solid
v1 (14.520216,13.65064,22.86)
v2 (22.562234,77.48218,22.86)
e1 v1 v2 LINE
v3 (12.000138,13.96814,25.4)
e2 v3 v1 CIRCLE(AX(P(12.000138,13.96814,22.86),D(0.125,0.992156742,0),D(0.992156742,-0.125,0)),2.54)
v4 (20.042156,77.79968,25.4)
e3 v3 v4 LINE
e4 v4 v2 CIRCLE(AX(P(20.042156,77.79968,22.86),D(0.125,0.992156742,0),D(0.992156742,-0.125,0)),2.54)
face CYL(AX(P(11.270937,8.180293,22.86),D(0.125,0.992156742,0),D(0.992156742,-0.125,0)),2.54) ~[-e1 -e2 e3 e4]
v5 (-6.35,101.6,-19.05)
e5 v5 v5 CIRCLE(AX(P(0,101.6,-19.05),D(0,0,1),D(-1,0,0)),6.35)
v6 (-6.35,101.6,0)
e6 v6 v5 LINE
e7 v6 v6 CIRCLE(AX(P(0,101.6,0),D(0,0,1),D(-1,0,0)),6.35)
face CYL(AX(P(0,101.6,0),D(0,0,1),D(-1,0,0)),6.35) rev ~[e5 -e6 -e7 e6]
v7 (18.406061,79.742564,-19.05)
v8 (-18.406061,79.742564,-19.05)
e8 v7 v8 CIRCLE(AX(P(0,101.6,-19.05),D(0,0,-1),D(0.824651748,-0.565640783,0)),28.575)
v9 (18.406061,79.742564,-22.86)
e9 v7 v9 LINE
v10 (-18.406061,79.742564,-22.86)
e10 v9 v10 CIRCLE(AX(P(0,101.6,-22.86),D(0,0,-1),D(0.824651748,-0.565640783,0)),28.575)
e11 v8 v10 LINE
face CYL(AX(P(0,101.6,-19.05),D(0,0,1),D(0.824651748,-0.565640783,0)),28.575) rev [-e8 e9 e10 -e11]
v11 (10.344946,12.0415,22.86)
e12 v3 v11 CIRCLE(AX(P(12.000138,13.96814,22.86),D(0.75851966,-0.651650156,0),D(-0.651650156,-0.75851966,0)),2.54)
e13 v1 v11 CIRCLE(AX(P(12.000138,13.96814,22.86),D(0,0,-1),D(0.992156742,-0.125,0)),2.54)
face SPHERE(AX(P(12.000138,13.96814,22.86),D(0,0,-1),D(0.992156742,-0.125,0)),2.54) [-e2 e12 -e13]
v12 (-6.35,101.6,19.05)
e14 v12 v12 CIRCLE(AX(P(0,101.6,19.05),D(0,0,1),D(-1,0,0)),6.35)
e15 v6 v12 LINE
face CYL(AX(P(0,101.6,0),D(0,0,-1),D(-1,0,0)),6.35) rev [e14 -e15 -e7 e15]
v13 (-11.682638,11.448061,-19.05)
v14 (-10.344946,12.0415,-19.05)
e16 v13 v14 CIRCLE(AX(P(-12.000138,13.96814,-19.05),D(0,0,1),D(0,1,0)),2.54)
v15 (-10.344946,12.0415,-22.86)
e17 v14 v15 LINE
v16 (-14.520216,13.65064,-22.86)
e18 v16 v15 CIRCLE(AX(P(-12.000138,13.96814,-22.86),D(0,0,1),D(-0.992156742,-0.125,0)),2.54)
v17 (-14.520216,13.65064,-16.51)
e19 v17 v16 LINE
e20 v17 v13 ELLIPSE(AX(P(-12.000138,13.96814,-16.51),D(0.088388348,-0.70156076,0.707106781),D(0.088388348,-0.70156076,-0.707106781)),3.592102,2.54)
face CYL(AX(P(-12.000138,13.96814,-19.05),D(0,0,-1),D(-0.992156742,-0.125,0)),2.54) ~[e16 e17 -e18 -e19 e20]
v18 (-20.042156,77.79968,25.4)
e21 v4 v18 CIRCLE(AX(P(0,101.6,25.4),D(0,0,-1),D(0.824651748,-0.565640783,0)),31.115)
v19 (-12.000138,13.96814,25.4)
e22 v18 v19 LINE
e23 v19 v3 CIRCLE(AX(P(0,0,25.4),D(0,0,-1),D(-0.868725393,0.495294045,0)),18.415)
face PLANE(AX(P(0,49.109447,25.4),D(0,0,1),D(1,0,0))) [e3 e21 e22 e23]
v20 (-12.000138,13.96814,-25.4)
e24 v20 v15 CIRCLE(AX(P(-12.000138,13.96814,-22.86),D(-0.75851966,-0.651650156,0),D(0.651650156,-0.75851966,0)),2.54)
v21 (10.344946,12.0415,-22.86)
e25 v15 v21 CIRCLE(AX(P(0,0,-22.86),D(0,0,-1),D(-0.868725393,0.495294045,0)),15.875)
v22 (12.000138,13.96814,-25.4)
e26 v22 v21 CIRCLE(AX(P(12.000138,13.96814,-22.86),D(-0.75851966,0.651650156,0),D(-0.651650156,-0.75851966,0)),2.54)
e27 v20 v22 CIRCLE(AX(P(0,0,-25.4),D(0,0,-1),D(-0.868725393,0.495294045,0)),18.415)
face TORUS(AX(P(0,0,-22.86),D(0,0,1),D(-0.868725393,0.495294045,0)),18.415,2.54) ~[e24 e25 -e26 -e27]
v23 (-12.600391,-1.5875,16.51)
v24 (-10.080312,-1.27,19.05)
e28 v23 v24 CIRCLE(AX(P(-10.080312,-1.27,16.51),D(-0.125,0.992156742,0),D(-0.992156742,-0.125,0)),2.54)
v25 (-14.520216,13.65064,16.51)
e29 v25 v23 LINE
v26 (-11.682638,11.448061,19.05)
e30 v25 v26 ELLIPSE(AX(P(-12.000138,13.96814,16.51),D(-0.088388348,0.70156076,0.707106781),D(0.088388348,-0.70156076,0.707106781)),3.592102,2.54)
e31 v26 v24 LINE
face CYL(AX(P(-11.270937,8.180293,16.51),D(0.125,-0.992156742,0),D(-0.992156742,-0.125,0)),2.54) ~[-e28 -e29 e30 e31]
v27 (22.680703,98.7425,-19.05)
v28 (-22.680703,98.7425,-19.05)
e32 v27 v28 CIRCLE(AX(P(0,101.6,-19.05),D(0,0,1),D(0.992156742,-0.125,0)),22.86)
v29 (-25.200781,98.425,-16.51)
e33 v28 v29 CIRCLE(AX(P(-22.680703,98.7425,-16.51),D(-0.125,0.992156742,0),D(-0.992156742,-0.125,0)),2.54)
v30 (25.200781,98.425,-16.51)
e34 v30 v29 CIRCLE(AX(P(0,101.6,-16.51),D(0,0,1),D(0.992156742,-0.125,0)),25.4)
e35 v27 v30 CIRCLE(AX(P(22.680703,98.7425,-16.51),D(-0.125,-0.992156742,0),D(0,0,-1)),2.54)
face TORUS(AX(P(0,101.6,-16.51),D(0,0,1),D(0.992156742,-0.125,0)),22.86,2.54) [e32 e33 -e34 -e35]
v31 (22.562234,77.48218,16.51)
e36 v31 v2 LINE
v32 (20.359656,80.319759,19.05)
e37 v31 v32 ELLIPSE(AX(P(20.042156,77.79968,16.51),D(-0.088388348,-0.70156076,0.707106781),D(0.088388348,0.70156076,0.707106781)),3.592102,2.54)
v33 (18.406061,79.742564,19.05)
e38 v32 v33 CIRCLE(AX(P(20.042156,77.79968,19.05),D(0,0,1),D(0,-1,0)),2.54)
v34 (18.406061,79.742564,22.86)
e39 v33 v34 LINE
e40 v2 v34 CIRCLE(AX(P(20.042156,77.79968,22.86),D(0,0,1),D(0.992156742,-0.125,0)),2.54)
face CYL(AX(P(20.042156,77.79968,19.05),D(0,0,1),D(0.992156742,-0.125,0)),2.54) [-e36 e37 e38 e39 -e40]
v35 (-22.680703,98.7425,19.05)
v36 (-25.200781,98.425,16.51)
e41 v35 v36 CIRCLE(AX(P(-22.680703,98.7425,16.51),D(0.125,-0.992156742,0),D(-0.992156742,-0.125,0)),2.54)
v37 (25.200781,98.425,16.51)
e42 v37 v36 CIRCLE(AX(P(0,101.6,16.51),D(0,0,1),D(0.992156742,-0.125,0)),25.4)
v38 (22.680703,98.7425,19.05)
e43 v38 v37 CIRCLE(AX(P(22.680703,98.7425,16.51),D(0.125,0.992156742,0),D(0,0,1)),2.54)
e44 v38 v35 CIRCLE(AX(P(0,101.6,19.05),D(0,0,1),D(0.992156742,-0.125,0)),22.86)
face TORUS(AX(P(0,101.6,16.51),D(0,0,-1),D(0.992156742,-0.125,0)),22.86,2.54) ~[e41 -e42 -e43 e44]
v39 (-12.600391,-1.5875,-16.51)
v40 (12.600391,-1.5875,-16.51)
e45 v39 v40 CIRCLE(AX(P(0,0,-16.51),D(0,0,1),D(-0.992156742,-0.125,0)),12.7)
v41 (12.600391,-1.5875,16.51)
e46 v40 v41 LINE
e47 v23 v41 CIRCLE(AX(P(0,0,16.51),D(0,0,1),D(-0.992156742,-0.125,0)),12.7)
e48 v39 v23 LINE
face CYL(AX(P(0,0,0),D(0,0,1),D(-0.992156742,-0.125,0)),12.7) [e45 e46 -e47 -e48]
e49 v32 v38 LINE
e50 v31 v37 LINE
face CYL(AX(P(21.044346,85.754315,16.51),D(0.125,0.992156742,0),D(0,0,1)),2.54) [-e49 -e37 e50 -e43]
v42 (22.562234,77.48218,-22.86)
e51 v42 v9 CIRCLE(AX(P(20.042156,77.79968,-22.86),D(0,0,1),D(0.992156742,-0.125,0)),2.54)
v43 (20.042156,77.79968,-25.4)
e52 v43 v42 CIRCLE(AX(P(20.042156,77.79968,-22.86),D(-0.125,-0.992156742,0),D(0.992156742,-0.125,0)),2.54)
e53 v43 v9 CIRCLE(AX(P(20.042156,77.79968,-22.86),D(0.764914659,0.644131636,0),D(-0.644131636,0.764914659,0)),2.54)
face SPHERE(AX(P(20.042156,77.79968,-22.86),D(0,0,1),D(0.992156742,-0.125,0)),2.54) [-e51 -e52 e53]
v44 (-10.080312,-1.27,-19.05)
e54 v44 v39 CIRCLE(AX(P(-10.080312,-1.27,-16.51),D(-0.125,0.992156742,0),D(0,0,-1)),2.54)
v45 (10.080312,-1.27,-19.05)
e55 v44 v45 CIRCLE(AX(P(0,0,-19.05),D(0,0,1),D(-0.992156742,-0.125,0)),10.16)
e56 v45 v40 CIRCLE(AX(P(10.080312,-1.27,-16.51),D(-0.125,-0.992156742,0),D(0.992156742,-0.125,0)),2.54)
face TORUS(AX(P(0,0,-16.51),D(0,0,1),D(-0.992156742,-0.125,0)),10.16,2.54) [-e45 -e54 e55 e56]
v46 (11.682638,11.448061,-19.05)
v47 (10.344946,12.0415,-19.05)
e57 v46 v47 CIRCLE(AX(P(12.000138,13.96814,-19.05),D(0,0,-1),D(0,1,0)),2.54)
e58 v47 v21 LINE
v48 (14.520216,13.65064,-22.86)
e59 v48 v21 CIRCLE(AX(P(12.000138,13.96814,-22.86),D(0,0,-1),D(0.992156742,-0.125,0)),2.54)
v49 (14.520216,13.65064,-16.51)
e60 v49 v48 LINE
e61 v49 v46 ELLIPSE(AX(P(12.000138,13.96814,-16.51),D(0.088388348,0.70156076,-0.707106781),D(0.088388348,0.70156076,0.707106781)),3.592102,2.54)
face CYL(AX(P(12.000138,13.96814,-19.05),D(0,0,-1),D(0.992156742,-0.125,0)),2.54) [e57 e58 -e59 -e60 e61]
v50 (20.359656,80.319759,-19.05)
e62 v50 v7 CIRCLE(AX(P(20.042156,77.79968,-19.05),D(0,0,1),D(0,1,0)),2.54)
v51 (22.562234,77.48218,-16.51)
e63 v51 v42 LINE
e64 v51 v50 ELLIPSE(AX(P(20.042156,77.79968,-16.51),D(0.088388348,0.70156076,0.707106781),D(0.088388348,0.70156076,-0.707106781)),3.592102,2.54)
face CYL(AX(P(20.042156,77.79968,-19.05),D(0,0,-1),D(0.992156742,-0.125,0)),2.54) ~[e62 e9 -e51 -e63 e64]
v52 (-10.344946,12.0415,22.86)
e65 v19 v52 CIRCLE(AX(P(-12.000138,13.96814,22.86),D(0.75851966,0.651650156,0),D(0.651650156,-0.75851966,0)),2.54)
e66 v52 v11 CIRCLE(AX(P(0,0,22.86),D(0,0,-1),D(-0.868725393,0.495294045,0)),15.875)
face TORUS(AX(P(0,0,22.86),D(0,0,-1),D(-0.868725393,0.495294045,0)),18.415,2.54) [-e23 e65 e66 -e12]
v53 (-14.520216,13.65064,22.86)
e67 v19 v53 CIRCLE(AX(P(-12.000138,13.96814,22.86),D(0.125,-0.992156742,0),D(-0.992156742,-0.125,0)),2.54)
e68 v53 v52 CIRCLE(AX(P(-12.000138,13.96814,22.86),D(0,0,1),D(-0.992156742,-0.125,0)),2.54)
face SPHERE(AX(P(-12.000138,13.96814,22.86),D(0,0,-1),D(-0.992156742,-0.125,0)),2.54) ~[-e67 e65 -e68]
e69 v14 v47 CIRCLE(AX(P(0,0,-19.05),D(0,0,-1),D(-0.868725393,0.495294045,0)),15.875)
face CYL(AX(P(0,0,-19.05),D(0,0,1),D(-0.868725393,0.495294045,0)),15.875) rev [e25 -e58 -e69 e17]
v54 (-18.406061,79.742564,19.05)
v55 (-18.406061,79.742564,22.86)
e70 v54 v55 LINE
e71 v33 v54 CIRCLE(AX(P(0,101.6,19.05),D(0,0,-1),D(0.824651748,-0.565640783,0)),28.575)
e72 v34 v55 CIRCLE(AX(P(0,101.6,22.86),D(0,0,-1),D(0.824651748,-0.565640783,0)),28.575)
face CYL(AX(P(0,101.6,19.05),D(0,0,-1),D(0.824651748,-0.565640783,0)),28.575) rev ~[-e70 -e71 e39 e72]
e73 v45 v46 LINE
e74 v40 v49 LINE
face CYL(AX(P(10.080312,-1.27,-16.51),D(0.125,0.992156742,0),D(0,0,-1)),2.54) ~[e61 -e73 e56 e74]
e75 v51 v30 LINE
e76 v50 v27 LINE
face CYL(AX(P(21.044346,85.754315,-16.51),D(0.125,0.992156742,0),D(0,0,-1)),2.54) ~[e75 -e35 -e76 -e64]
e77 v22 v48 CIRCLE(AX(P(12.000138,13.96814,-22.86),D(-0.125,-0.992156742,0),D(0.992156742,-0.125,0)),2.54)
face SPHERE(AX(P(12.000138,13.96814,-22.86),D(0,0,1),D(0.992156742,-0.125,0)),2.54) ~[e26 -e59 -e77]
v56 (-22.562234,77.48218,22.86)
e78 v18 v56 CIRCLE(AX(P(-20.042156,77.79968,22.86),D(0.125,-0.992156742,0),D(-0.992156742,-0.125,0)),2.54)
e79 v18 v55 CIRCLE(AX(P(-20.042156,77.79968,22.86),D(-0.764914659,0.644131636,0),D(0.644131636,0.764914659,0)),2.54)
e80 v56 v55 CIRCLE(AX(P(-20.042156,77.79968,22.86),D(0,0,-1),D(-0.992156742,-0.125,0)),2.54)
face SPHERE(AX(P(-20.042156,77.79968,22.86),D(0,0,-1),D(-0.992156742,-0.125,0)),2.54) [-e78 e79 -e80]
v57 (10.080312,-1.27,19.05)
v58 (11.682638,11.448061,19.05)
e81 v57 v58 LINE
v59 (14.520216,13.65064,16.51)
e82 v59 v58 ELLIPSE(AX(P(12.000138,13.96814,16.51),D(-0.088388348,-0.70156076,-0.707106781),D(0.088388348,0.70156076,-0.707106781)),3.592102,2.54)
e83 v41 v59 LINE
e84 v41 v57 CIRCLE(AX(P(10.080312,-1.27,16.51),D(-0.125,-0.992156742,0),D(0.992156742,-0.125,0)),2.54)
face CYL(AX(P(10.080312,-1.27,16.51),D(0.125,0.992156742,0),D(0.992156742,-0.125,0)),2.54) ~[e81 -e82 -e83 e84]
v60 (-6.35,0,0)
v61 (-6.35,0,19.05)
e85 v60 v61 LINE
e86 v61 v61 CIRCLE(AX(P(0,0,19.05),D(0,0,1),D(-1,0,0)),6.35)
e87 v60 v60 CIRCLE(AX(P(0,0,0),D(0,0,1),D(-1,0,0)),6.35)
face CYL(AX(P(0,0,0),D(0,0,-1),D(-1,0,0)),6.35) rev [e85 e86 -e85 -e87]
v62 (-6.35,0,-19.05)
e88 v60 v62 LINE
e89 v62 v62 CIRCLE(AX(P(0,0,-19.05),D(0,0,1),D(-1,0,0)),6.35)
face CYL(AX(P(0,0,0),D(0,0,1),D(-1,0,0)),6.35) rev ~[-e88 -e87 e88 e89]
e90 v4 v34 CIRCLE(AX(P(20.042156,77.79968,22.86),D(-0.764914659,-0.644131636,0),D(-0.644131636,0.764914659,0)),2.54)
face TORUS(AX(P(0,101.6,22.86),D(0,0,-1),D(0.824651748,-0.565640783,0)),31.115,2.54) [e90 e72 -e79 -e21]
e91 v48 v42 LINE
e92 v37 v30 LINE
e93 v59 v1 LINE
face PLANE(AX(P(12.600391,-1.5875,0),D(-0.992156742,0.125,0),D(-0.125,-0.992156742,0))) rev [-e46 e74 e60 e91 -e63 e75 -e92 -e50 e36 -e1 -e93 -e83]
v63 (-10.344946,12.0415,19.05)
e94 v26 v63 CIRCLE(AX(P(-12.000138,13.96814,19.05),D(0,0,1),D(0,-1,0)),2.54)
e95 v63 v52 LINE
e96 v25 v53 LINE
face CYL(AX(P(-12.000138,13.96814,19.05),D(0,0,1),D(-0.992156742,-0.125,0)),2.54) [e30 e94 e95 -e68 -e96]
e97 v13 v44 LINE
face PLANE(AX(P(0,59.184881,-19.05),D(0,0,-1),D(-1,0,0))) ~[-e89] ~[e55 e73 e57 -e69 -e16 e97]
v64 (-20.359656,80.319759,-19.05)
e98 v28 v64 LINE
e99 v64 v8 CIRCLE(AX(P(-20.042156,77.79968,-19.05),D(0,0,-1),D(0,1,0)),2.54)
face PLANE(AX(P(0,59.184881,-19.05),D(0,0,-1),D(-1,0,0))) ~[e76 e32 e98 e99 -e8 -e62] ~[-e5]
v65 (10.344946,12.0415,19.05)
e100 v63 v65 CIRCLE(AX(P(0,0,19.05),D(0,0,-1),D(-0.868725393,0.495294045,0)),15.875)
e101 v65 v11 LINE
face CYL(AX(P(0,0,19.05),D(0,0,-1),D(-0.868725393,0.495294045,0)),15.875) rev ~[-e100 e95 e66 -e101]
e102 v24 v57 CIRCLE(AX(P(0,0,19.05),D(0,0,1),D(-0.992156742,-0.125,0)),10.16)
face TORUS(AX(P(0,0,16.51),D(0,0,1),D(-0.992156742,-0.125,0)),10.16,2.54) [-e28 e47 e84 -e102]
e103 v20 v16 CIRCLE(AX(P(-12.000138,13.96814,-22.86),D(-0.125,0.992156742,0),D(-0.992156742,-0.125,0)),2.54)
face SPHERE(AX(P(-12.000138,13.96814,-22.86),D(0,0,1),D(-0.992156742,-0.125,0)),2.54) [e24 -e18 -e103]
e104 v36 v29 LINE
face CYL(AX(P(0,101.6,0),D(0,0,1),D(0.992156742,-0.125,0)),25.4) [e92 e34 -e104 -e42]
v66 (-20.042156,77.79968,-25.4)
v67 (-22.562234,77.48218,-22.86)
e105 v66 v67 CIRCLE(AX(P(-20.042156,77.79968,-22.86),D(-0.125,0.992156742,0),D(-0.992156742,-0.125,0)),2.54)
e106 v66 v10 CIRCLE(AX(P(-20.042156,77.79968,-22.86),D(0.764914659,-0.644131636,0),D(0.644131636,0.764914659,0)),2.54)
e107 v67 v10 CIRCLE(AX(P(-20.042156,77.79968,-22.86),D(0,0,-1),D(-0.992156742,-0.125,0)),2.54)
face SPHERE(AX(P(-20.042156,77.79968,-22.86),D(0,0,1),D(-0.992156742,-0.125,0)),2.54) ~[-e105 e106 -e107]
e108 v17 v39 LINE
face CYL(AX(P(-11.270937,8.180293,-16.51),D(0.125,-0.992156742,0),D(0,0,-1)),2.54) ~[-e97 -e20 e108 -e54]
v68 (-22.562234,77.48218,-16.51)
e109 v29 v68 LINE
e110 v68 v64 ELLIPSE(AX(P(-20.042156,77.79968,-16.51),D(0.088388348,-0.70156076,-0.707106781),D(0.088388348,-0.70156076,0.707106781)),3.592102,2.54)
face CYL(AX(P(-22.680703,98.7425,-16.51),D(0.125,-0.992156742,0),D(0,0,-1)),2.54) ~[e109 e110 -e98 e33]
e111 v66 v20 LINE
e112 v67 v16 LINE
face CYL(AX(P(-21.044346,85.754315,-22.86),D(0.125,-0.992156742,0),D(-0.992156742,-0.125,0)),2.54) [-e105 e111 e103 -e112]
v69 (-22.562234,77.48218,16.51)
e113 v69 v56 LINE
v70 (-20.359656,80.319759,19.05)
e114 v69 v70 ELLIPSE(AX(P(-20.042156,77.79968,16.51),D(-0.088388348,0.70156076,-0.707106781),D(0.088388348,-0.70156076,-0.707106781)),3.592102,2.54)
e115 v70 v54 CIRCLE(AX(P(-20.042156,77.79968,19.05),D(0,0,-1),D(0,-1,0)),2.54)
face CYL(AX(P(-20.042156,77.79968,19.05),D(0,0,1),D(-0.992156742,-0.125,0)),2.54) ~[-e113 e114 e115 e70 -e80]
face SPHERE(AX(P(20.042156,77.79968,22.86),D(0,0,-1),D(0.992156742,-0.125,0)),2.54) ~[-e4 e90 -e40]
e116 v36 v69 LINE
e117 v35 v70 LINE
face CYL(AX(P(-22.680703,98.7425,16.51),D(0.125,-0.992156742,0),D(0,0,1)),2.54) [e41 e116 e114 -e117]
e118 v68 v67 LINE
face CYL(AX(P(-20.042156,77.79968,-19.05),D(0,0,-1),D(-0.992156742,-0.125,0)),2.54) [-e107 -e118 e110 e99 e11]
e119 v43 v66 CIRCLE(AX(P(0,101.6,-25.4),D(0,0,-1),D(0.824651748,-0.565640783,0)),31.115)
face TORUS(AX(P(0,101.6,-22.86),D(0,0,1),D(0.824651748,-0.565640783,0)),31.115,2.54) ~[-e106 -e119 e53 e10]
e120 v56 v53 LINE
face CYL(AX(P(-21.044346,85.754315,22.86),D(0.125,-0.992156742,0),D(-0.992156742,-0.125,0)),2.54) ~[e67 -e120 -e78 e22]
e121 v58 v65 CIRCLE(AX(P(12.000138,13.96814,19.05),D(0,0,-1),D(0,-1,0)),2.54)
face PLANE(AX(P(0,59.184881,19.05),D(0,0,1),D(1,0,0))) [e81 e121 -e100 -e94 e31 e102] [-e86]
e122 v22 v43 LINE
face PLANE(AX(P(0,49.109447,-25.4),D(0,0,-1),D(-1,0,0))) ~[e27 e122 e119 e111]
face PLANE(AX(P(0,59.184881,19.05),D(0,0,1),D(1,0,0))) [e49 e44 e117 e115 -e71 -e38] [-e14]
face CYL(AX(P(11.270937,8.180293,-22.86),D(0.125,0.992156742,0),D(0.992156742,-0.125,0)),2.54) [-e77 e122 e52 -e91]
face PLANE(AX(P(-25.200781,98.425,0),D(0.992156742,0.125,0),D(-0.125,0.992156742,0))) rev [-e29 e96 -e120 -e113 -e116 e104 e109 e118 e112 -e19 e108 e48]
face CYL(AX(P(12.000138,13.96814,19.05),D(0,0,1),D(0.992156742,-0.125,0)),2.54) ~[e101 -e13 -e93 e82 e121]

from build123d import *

# Parameters (mm, degrees)
SKETCH1_R            = 6.35
SKETCH1_R_2          = 6.349999999999998
BOSS_EXTRUDE1_DEPTH  = 19.05
BOSS_EXTRUDE2_DEPTH  = 6.35
FILLET1_R            = 2.54
FILLET1_OF_MIRROR4_R = 2.54


with BuildPart() as part:
    # Sketch1 → Boss-Extrude1 (new body)
    with BuildSketch(Plane.XY):
        with BuildLine():
            Line((-25.20078123789022, 98.425), (-12.600390618945115, -1.5875000000000004))
            ThreePointArc((-12.600390618945115, -1.5875000000000004), (7.8e-16, -12.700000000000003), (12.600390618945115, -1.5875000000000004))
            Line((12.600390618945115, -1.5875000000000004), (25.20078123789022, 98.425))
            ThreePointArc((25.20078123789022, 98.425), (-4.67e-15, 126.99999999999999), (-25.20078123789022, 98.425))
        make_face()
        with Locations(Location((0, 0, 0), (0, 0, 180))):
            Circle(SKETCH1_R, mode=Mode.SUBTRACT)
        with Locations(Location((0, 101.6, 0), (0, 0, 180))):
            Circle(SKETCH1_R_2, mode=Mode.SUBTRACT)
    boss_extrude1 = extrude(amount=BOSS_EXTRUDE1_DEPTH)

    # Sketch2 → Boss-Extrude2 (add)
    with BuildSketch(Plane.XY.offset(19.05)):
        with BuildLine():
            Line((-23.56442369272321, 85.43681463851183), (-13.791015618945115, 7.862792964208833))
            ThreePointArc((-13.791015618945114, 7.8627929642088334), (-2.55e-15, 15.875), (13.791015618945112, 7.862792964208835))
            Line((13.791015618945114, 7.862792964208836), (23.56442369272321, 85.43681463851183))
            ThreePointArc((23.564423692723203, 85.43681463851182), (-5.25e-15, 73.02499999999999), (-23.56442369272321, 85.43681463851183))
        make_face()
    boss_extrude2 = extrude(amount=BOSS_EXTRUDE2_DEPTH)

    # Fillet1
    fillet1_edges = [part.edges().sort_by_distance(p)[0] for p in [
        (-2.22e-15, -12.700000000000003, 19.05),
        (13.195703118945115, 3.137646482104417, 19.05),
        (-13.195703118945115, 3.137646482104415, 19.05),
        (24.382602465306718, 91.93090731925592, 19.05),
        (8.9e-16, 15.875000000000002, 25.4),
        (-13.791015618945114, 7.862792964208833, 22.225),
        (13.791015618945114, 7.862792964208834, 22.225),
        (-1.066e-14, 73.02499999999999, 25.4),
        (23.564423692723206, 85.43681463851183, 22.225),
        (-23.564423692723214, 85.43681463851183, 22.225),
        (18.67771965583416, 46.649803801360335, 25.4),
        (-18.677719655834164, 46.649803801360335, 25.4),
        (-3.11e-15, 126.99999999999999, 19.05),
        (-24.382602465306714, 91.93090731925591, 19.05),
    ]]
    fillet(fillet1_edges, radius=FILLET1_R)

    # Mirror4: Boss-Extrude1, Boss-Extrude2 across plane
    add(boss_extrude1.mirror(Plane(origin=(0, 101.6, 0), x_dir=(1, 0, 0), z_dir=(0, 0, -1))))
    add(boss_extrude2.mirror(Plane(origin=(0, 101.6, 0), x_dir=(1, 0, 0), z_dir=(0, 0, -1))))

    # Fillet1 of Mirror4
    fillet1_of_mirror4_edges = [part.edges().sort_by_distance(p)[0] for p in [
        (-2.22e-15, -12.700000000000003, -19.05),
        (13.195703118945115, 3.137646482104417, -19.05),
        (-13.195703118945115, 3.137646482104415, -19.05),
        (24.382602465306718, 91.93090731925592, -19.05),
        (8.9e-16, 15.875000000000002, -25.4),
        (-13.791015618945114, 7.862792964208833, -22.225),
        (13.791015618945114, 7.862792964208834, -22.225),
        (-1.066e-14, 73.02499999999999, -25.4),
        (23.564423692723206, 85.43681463851183, -22.225),
        (-23.564423692723214, 85.43681463851183, -22.225),
        (18.67771965583416, 46.649803801360335, -25.4),
        (-18.677719655834164, 46.649803801360335, -25.4),
        (-3.11e-15, 126.99999999999999, -19.05),
        (-24.382602465306714, 91.93090731925591, -19.05),
    ]]
    fillet(fillet1_of_mirror4_edges, radius=FILLET1_OF_MIRROR4_R)


solid = part.part
